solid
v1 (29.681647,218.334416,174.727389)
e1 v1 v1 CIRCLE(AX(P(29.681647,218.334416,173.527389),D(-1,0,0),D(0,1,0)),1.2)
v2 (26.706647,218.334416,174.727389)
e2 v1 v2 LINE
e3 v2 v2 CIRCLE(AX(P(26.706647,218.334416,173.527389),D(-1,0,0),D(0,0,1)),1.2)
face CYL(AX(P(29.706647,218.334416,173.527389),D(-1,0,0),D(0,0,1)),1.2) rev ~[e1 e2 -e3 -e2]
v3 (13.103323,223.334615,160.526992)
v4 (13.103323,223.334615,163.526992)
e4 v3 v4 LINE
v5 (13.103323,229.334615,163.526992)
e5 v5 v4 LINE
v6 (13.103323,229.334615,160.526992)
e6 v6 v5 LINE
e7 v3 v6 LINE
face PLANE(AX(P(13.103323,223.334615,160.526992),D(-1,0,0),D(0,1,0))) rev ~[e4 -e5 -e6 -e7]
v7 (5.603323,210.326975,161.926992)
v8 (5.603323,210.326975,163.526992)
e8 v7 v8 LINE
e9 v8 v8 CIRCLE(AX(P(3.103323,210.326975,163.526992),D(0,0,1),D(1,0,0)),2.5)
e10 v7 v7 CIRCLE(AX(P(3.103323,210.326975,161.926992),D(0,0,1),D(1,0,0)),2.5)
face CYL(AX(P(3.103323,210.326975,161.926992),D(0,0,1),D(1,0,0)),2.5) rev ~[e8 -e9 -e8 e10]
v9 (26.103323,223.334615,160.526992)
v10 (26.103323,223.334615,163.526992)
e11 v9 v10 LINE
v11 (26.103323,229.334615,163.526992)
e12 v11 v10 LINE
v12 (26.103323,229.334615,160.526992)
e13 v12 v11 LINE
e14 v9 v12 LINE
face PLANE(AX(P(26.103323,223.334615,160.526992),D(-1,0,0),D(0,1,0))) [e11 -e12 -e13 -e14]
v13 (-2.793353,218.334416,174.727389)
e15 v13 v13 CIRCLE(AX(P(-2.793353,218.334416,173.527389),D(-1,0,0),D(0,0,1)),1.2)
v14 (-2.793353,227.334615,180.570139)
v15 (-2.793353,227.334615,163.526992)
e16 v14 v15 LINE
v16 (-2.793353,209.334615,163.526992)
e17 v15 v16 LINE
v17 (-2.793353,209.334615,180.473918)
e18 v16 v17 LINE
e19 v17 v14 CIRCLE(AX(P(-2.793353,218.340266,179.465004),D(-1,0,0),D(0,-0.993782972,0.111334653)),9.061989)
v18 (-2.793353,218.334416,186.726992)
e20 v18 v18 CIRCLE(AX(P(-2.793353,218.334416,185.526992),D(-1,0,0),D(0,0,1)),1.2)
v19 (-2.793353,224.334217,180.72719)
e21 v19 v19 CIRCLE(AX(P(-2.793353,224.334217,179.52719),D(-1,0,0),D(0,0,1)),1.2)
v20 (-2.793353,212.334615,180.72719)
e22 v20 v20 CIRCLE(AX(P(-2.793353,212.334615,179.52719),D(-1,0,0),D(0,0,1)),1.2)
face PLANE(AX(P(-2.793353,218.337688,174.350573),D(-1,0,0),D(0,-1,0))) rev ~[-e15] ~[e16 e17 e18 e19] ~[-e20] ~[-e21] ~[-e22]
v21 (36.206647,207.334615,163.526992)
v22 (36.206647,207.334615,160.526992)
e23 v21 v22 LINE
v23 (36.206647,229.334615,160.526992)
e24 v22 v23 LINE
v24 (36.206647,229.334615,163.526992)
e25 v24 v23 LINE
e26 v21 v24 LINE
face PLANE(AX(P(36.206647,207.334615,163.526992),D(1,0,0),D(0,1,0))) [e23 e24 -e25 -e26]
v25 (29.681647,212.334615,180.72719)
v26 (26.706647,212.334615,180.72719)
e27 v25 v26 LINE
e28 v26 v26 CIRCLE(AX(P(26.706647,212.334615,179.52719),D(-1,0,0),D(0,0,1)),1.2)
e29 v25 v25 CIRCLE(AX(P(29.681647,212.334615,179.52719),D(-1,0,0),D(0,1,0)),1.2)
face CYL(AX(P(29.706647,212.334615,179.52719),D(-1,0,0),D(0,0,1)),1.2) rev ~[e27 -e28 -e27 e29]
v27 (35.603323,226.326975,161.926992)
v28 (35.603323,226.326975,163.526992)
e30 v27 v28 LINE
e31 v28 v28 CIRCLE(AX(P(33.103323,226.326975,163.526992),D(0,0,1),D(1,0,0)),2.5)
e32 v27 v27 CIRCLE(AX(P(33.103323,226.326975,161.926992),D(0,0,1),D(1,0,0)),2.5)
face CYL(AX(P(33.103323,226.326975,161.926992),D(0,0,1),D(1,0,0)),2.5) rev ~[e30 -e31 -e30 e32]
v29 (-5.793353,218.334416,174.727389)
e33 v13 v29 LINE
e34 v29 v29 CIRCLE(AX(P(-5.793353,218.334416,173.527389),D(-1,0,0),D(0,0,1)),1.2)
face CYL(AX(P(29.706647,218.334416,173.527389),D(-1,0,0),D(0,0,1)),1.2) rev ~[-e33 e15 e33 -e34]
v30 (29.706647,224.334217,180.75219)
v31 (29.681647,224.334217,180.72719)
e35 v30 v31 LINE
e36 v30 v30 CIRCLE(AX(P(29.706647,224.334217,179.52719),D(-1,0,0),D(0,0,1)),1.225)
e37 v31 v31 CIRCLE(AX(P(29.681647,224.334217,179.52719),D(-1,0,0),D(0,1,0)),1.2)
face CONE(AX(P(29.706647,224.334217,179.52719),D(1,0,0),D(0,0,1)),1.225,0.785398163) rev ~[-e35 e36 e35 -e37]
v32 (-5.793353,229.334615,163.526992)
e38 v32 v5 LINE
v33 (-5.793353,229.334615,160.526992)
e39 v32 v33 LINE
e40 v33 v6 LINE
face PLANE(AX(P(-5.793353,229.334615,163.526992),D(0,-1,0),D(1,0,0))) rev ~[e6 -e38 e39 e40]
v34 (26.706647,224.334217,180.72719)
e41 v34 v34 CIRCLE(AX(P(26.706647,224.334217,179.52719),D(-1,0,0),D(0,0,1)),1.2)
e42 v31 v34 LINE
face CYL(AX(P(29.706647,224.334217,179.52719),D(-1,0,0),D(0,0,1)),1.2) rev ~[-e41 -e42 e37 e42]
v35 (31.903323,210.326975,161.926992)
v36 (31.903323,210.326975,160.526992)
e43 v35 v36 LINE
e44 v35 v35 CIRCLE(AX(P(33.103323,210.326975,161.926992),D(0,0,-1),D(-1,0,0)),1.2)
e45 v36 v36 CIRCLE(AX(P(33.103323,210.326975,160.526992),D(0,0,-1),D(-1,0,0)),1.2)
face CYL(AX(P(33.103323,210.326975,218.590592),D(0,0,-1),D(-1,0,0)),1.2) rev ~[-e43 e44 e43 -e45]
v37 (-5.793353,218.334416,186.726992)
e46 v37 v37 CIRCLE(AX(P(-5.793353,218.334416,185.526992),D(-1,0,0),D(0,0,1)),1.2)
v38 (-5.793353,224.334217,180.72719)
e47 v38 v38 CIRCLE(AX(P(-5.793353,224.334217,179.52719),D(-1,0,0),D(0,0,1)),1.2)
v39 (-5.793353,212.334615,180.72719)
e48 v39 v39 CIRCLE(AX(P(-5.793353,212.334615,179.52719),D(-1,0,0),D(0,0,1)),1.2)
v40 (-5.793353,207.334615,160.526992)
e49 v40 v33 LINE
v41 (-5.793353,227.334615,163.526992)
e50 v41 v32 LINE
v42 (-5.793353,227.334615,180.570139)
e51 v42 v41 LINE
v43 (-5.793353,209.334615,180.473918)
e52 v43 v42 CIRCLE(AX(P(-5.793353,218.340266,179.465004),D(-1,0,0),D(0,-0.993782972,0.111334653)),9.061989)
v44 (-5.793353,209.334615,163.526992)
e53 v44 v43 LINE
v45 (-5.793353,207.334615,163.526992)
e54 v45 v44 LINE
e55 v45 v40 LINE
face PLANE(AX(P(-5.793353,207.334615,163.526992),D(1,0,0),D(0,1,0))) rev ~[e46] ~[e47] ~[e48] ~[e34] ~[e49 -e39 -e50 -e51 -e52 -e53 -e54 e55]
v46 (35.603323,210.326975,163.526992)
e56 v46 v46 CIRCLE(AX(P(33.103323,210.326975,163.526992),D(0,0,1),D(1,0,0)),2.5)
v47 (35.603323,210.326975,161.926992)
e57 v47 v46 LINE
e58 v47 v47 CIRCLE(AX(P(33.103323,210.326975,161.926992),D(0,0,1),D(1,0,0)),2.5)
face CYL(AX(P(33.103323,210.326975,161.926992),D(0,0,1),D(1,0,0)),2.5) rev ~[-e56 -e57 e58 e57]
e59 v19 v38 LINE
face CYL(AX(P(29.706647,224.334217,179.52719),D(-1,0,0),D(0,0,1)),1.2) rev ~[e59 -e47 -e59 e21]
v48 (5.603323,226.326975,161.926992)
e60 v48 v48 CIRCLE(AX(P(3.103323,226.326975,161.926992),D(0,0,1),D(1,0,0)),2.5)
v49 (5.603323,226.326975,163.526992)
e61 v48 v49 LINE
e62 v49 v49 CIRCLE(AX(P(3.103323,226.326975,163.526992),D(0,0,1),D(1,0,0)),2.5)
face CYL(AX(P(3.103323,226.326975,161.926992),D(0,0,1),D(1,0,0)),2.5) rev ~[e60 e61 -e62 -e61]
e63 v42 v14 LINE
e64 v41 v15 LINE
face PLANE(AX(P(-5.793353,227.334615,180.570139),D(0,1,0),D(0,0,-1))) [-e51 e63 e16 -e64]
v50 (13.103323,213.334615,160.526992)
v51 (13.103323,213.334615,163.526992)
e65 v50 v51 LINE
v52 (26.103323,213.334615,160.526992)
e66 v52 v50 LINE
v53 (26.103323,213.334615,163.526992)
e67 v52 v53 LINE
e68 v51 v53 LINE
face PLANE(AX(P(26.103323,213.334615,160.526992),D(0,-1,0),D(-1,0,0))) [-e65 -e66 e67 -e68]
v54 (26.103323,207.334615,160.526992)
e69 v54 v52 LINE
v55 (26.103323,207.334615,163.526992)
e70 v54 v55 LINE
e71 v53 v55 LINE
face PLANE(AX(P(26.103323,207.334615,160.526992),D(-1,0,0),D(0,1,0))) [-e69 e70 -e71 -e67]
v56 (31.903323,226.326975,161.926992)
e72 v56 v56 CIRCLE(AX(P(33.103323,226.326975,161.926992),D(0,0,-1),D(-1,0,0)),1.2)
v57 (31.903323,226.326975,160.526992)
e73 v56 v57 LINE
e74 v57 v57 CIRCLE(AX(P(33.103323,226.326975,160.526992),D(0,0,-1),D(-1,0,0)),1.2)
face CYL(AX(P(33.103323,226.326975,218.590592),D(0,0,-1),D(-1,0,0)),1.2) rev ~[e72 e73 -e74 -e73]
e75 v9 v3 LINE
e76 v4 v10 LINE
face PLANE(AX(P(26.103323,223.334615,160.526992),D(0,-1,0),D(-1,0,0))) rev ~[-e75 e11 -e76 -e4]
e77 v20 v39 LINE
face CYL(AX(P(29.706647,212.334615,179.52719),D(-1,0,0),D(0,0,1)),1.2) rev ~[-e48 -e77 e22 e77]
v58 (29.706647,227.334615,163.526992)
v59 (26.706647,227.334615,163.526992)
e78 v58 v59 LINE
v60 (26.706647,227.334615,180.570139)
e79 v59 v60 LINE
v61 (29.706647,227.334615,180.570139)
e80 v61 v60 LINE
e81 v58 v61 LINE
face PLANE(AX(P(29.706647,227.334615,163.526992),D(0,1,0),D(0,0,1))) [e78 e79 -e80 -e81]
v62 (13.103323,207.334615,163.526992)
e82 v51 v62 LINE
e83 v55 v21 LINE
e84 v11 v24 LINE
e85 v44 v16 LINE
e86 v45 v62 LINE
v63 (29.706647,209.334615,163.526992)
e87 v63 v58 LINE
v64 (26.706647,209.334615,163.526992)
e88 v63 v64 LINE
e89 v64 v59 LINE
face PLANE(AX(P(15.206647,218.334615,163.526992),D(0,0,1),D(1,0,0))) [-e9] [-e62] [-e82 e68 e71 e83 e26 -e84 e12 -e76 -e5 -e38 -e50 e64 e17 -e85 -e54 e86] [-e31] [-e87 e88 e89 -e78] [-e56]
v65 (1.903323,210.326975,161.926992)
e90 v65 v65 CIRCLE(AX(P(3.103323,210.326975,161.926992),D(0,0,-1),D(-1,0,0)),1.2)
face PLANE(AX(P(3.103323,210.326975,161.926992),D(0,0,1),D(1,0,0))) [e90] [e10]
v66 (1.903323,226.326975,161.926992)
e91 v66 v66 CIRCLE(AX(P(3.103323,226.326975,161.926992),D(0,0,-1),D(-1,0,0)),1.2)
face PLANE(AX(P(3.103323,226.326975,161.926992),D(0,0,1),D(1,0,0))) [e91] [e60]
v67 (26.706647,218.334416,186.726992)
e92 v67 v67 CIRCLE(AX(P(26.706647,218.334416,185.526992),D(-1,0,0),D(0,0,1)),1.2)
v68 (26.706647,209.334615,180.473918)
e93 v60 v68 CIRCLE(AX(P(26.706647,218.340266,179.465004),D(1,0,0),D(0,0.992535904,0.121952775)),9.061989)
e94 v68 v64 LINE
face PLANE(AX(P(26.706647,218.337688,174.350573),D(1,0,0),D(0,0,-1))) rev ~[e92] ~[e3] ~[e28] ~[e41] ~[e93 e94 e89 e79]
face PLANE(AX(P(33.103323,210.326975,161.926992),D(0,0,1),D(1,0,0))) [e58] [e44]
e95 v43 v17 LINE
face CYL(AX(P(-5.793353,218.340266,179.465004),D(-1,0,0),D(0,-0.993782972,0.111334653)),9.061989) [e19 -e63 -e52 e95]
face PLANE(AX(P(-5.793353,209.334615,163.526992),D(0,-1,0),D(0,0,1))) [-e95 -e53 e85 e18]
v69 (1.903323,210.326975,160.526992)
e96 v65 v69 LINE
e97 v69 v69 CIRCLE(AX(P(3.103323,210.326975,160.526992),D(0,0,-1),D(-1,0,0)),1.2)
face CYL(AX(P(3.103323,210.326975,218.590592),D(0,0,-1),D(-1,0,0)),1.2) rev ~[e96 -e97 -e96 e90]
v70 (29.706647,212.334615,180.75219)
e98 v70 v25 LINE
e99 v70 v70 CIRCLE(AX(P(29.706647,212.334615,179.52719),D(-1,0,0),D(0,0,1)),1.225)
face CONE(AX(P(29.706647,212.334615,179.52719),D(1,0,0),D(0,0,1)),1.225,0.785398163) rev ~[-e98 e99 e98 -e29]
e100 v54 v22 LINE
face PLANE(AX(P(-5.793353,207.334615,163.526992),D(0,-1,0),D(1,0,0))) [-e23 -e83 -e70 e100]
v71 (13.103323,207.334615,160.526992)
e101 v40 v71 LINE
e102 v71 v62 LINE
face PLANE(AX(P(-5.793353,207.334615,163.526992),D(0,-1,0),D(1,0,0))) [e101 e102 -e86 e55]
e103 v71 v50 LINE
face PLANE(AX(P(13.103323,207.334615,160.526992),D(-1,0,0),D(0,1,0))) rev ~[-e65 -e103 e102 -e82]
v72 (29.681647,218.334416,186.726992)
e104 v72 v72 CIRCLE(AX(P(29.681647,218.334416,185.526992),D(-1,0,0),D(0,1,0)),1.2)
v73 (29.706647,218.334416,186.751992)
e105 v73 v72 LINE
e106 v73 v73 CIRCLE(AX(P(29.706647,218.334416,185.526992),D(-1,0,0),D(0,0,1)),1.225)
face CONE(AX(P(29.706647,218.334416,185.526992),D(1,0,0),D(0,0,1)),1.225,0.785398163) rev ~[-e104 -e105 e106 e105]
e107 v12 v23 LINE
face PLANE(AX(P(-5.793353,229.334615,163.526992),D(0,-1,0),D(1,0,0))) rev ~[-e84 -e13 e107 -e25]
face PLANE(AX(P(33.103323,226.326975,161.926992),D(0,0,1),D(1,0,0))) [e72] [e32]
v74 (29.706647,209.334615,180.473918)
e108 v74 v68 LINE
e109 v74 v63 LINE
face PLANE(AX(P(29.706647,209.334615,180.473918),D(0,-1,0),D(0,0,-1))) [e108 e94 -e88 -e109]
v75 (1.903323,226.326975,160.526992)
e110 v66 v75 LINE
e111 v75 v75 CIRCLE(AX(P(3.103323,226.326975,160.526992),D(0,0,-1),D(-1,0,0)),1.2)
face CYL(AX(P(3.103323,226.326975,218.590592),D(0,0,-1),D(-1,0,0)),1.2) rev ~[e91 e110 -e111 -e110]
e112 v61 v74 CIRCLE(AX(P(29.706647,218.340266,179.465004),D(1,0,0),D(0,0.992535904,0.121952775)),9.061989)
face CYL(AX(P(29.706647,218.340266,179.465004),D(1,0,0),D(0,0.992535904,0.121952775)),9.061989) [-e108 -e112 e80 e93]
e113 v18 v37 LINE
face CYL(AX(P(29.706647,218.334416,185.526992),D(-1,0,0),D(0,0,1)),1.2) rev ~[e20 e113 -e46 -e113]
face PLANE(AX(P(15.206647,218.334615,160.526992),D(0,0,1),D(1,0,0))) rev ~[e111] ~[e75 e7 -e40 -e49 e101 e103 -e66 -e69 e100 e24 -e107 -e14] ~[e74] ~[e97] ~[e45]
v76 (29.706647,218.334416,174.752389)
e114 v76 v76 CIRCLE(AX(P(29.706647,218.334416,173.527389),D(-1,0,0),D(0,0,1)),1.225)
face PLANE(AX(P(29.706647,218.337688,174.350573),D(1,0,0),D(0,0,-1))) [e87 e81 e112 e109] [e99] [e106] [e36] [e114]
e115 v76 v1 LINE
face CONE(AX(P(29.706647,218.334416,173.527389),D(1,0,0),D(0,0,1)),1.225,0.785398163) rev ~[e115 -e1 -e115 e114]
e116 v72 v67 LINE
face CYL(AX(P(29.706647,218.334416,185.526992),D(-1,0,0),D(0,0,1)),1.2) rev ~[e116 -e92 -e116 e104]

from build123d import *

# Parameters (mm, degrees)
SKETCH1_W                                        = 42
SKETCH1_H                                        = 22
BOSS_EXTRUDE1_DEPTH                              = 3
SKETCH2_W                                        = 13
SKETCH2_H                                        = 6
CUT_EXTRUDE1_DEPTH                               = 4
SKETCH3_W                                        = 13
SKETCH3_H                                        = 6
CUT_EXTRUDE2_DEPTH                               = 4
BOSS_EXTRUDE2_DEPTH                              = 3
BOSS_EXTRUDE3_DEPTH                              = 3
M2_CLEARANCE_HOLE1_D                             = 2.4
M2_CLEARANCE_HOLE1_CSINK_D                       = 2.45
M2_CLEARANCE_HOLE1_CSINK_ANGLE                   = 90
M2_CLEARANCE_HOLE2_D                             = 2.4
CBORE_FOR_M2_PAN_HEAD_MACHINE_SCREW2_D           = 2.4
CBORE_FOR_M2_PAN_HEAD_MACHINE_SCREW2_CBORE_D     = 5
CBORE_FOR_M2_PAN_HEAD_MACHINE_SCREW2_CBORE_DEPTH = 1.6


with BuildPart() as part:
    # Sketch1 → Boss-Extrude1 (new body)
    with BuildSketch(Plane.XY.offset(163.526991532)):
        with Locations((15.20664665, 218.33461514)):
            Rectangle(SKETCH1_W, SKETCH1_H)
    extrude(amount=-BOSS_EXTRUDE1_DEPTH)

    # Sketch2 → Cut-Extrude1 (cut, through all)
    with BuildSketch(Plane(origin=(0, 0, 160.526991532), x_dir=(-1, 0, 0), z_dir=(0, 0, -1))):
        with Locations((-19.603323325, 226.33461514)):
            Rectangle(SKETCH2_W, SKETCH2_H)
    extrude(amount=-CUT_EXTRUDE1_DEPTH, mode=Mode.SUBTRACT)

    # Sketch3 → Cut-Extrude2 (cut, through all)
    with BuildSketch(Plane(origin=(0, 0, 160.526991532), x_dir=(-1, 0, 0), z_dir=(0, 0, -1))):
        with Locations((-19.603323325, 210.33461514)):
            Rectangle(SKETCH3_W, SKETCH3_H)
    extrude(amount=-CUT_EXTRUDE2_DEPTH, mode=Mode.SUBTRACT)

    # Sketch4 → Boss-Extrude2 (add)
    with BuildSketch(Plane(origin=(-5.79335335, 0, 0), x_dir=(0, -1, 0), z_dir=(-1, 0, 0))):
        with BuildLine():
            Line((-227.33461514, 180.570138914), (-227.33461514, 163.526991532))
            Line((-227.33461514, 163.526991532), (-209.33461514, 163.526991532))
            Line((-209.33461514, 163.526991532), (-209.33461514, 180.47391761))
            ThreePointArc((-209.33461514, 180.47391761), (-218.291824267, 188.52686382), (-227.33461514, 180.570138914))
        make_face()
    extrude(amount=-BOSS_EXTRUDE2_DEPTH)

    # Sketch5 → Boss-Extrude3 (add)
    with BuildSketch(Plane(origin=(29.70664665, 0, 0), x_dir=(0, 0, -1), z_dir=(1, 0, 0))):
        with BuildLine():
            Line((-180.47391761, 209.33461514), (-163.526991532, 209.33461514))
            Line((-163.526991532, 209.33461514), (-163.526991532, 227.33461514))
            Line((-163.526991532, 227.33461514), (-180.570138914, 227.33461514))
            ThreePointArc((-180.570138914, 227.33461514), (-188.52686382, 218.291824267), (-180.47391761, 209.33461514))
        make_face()
    extrude(amount=-BOSS_EXTRUDE3_DEPTH)

    # M2 Clearance Hole1 (through all)
    with Locations(Plane(origin=(29.70664665, 0, 0), x_dir=(0, 0, -1), z_dir=(1, 0, 0))):
        with Locations((-179.527190494, 224.334217217), (-185.526991532, 218.334416179), (-179.527190494, 212.33461514), (-173.527389456, 218.334416179)):
            CounterSinkHole(M2_CLEARANCE_HOLE1_D / 2, M2_CLEARANCE_HOLE1_CSINK_D / 2, counter_sink_angle=M2_CLEARANCE_HOLE1_CSINK_ANGLE)

    # M2 Clearance Hole2 (through all)
    with Locations(Plane.XY.offset(163.526991532)):
        with Locations((3.103323325, 226.326974637), (3.103323325, 210.326974637), (33.103323325, 210.326974637), (33.103323325, 226.326974637)):
            Hole(M2_CLEARANCE_HOLE2_D / 2)

    # CBORE for M2 Pan Head Machine Screw2 (through all)
    with Locations(Plane.XY.offset(163.526991532)):
        with Locations((3.103323325, 226.326974637), (3.103323325, 210.326974637), (33.103323325, 226.326974637), (33.103323325, 210.326974637)):
            CounterBoreHole(CBORE_FOR_M2_PAN_HEAD_MACHINE_SCREW2_D / 2, CBORE_FOR_M2_PAN_HEAD_MACHINE_SCREW2_CBORE_D / 2, CBORE_FOR_M2_PAN_HEAD_MACHINE_SCREW2_CBORE_DEPTH)


solid = part.part
